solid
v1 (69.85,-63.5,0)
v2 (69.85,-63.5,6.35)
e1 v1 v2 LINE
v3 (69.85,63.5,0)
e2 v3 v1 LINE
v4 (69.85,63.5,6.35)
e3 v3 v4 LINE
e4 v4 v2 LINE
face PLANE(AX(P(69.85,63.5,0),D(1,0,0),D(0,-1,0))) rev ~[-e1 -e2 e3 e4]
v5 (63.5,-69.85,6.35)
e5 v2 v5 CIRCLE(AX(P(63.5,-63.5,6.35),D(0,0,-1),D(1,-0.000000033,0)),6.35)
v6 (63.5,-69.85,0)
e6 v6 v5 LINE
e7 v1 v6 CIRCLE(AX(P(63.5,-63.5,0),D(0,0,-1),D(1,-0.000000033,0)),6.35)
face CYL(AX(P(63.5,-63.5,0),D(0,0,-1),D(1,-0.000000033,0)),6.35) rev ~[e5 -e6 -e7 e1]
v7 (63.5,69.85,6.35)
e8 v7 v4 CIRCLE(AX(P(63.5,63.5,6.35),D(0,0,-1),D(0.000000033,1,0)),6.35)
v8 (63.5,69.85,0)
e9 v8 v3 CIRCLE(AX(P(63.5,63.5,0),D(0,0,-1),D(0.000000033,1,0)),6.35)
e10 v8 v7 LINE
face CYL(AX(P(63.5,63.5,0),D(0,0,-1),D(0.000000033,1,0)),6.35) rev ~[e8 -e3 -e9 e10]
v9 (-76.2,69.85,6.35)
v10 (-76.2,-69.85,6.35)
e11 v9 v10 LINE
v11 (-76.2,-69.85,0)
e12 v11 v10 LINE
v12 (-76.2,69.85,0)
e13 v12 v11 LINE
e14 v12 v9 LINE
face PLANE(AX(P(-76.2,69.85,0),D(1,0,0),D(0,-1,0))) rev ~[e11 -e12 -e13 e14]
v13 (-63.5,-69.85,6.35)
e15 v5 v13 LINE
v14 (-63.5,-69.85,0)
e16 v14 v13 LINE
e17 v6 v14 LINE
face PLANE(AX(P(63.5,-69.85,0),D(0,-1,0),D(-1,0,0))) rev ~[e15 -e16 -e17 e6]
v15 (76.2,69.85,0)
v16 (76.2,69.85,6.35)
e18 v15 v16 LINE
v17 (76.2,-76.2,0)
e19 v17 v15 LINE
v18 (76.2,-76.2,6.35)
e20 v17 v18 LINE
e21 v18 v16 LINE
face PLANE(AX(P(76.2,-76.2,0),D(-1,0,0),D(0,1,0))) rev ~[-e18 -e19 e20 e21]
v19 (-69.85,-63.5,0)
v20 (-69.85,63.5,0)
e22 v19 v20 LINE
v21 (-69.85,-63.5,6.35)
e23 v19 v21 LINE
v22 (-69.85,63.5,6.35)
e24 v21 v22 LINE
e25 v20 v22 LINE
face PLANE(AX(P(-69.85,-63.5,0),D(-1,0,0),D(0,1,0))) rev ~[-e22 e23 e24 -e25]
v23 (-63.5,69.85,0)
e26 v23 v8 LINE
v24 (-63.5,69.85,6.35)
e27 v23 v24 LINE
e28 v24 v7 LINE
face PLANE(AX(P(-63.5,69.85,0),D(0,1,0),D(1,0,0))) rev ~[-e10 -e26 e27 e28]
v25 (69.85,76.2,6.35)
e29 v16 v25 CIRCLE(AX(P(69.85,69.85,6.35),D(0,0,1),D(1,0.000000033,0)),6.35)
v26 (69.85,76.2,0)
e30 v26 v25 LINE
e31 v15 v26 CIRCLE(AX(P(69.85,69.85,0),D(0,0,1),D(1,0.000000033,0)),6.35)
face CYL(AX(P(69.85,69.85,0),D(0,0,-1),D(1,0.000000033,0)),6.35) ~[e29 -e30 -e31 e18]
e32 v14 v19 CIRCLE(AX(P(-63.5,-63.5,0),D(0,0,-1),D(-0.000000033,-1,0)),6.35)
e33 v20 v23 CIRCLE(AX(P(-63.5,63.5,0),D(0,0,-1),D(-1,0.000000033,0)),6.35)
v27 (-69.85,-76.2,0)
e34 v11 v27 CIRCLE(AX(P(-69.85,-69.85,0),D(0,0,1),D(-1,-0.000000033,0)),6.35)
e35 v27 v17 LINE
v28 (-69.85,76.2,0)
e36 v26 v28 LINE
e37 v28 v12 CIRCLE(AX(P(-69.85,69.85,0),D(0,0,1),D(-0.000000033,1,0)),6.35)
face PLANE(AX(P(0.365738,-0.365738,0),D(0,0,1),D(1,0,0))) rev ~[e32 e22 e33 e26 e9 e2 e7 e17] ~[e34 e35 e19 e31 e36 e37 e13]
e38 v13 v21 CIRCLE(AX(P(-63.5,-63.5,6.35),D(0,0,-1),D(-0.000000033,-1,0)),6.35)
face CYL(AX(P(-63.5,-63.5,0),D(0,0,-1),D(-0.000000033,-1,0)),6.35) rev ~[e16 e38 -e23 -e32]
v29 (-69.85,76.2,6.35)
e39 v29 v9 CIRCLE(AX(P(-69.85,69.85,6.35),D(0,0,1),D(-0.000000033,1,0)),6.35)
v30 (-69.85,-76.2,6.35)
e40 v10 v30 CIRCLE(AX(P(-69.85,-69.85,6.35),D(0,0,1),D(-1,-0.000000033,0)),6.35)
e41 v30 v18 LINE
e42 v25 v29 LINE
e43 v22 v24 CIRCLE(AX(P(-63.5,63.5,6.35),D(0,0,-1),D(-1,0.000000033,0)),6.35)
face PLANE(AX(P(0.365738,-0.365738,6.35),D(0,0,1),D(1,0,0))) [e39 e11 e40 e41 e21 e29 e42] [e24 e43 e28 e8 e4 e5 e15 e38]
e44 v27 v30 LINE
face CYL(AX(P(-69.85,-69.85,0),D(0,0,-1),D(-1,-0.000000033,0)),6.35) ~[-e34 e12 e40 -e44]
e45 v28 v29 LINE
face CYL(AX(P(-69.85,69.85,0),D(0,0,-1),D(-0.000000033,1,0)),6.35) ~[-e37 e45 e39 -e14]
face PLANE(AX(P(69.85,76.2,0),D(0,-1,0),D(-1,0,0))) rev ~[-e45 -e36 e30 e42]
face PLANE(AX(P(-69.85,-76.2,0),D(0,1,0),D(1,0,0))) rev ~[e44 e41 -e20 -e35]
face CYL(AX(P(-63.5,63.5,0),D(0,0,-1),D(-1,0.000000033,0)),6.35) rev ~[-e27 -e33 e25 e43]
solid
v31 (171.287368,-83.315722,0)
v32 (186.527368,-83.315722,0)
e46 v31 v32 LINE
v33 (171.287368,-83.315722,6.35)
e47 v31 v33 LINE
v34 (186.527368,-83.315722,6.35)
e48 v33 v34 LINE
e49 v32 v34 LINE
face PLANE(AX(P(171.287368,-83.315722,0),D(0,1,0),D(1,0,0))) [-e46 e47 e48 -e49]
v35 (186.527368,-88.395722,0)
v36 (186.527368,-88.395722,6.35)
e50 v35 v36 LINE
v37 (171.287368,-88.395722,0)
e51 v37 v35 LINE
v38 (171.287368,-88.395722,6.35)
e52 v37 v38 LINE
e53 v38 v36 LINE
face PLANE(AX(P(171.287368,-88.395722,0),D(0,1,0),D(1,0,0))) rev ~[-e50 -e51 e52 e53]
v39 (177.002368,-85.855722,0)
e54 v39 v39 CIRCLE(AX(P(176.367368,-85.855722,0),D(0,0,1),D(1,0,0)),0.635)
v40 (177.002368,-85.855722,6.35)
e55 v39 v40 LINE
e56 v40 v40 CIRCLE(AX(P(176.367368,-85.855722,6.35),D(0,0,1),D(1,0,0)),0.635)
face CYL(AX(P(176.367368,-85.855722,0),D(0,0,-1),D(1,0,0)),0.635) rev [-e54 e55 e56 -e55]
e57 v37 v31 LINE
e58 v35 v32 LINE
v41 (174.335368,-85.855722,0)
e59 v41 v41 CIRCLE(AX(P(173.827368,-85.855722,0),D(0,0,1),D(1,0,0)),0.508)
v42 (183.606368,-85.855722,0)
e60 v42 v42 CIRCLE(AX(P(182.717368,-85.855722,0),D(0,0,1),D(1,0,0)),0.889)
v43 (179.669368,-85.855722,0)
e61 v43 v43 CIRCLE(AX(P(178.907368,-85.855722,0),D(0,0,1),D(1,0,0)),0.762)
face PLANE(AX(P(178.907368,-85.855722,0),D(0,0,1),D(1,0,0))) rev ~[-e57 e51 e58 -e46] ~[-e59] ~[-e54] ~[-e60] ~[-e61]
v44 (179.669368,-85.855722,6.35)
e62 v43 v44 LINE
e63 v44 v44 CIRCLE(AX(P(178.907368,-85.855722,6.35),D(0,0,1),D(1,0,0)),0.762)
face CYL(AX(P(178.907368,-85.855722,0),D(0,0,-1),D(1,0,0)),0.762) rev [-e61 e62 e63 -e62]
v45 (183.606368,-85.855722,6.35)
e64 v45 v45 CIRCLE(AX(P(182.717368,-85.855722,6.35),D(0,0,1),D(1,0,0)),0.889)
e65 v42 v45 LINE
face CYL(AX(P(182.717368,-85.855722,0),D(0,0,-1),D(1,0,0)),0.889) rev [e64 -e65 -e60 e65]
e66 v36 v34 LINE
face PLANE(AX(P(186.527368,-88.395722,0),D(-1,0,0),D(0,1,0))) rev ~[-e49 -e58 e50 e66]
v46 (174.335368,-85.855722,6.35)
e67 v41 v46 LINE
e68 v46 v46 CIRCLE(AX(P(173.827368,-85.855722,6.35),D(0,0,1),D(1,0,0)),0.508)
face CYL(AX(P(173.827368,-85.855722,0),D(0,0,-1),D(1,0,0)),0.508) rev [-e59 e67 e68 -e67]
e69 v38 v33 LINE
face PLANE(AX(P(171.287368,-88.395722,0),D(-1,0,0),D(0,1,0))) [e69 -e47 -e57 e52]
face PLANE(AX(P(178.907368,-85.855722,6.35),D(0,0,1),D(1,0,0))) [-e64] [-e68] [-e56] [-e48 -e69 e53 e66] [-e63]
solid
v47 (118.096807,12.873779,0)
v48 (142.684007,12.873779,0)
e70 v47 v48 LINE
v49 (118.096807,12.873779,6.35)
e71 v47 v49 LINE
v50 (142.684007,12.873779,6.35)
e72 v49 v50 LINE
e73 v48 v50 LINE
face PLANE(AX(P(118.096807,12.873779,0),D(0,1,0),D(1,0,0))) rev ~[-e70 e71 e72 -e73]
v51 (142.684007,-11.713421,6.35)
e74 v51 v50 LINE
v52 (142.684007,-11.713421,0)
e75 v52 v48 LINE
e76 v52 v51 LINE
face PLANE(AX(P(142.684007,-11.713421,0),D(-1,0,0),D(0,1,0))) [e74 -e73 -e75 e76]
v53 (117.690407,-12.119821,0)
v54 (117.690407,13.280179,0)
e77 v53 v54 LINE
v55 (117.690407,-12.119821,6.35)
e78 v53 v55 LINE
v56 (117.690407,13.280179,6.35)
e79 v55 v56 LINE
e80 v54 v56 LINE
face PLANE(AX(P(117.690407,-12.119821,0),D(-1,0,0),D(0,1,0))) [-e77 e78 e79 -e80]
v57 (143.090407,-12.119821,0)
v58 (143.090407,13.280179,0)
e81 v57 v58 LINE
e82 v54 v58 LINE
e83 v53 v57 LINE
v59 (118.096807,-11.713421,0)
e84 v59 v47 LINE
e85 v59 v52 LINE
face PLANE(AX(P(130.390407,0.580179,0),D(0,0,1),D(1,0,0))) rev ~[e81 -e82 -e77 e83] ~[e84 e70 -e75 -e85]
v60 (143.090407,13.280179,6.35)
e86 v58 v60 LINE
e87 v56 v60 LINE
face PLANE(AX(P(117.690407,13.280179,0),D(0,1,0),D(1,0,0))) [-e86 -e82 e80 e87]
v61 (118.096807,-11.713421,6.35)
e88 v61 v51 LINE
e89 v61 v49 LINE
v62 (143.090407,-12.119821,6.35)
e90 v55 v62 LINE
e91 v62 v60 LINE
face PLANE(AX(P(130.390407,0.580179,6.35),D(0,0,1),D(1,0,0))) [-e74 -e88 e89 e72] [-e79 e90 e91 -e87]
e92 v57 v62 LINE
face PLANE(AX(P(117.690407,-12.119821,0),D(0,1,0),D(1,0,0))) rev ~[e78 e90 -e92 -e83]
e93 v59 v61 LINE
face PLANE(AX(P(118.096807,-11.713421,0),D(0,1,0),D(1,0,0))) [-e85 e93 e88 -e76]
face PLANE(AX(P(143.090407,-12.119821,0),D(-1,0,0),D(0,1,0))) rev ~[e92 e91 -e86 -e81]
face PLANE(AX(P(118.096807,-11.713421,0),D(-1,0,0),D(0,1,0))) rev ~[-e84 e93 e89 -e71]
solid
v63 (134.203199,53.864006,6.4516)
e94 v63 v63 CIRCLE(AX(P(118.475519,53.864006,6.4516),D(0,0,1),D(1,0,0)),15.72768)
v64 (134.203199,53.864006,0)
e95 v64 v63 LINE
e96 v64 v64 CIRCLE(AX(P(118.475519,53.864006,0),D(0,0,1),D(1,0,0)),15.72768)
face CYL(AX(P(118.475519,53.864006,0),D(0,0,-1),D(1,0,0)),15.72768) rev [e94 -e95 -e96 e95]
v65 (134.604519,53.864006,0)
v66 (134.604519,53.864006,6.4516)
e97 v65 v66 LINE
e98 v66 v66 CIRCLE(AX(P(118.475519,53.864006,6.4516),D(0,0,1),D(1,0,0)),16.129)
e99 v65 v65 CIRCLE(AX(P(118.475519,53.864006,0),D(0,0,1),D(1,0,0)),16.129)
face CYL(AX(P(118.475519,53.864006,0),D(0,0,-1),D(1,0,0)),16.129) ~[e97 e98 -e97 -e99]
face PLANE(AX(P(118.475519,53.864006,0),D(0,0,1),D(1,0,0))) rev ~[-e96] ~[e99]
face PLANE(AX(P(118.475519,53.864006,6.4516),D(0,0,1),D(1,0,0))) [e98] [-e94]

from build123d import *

# Parameters (mm, degrees)
F1_DEPTH = 6.35
F0_W     = 25.4
F0_H     = 25.4
F0_W_2   = 24.5872
F0_H_2   = 24.5872
F2_DEPTH = 6.35
F0_R     = 16.129
F0_R_2   = 15.72768
F3_DEPTH = 6.4516
F0_W_3   = 15.24
F0_H_3   = 5.08
F0_R_3   = 0.508
F0_R_4   = 0.635
F0_R_5   = 0.762
F0_R_6   = 0.889
F4_DEPTH = 6.35


with BuildPart() as f1:
    # F0 (on Top) → F1 (new body)
    with BuildSketch(Plane.XY):
        with BuildLine():
            Line((69.85, 76.2), (-69.85, 76.2))
            ThreePointArc((-69.85, 76.2), (-74.340128, 74.340128), (-76.2, 69.85))
            Line((-76.2, 69.85), (-76.2, -69.85))
            ThreePointArc((-76.2, -69.85), (-74.340128, -74.340128), (-69.85, -76.2))
            Line((-69.85, -76.2), (76.2, -76.2))
            Line((76.2, -76.2), (76.2, 69.85))
            ThreePointArc((76.2, 69.85), (74.340128, 74.340128), (69.85, 76.2))
        make_face()
        with BuildLine():
            ThreePointArc((-69.85, 63.5), (-67.990128, 67.990128), (-63.5, 69.85))
            Line((-63.5, 69.85), (63.5, 69.85))
            ThreePointArc((63.5, 69.85), (67.990128, 67.990128), (69.85, 63.5))
            Line((69.85, 63.5), (69.85, -63.5))
            ThreePointArc((69.85, -63.5), (67.990128, -67.990128), (63.5, -69.85))
            Line((63.5, -69.85), (-63.5, -69.85))
            ThreePointArc((-63.5, -69.85), (-67.990128, -67.990128), (-69.85, -63.5))
            Line((-69.85, -63.5), (-69.85, 63.5))
        make_face(mode=Mode.SUBTRACT)
    extrude(amount=F1_DEPTH)


with BuildPart() as f2:
    # F0 (on Top) → F2 (new body)
    with BuildSketch(Plane.XY):
        with Locations((130.390407, 0.580179)):
            Rectangle(F0_W, F0_H)
        with Locations((130.390407, 0.580179)):
            Rectangle(F0_W_2, F0_H_2, mode=Mode.SUBTRACT)
    extrude(amount=F2_DEPTH)


with BuildPart() as f3:
    # F0 (on Top) → F3 (new body)
    with BuildSketch(Plane.XY):
        with Locations((118.475519, 53.864006)):
            Circle(F0_R)
        with Locations((118.475519, 53.864006)):
            Circle(F0_R_2, mode=Mode.SUBTRACT)
    extrude(amount=F3_DEPTH)


with BuildPart() as f4:
    # F0 (on Top) → F4 (new body)
    with BuildSketch(Plane.XY):
        with Locations((178.907368, -85.855722)):
            Rectangle(F0_W_3, F0_H_3)
        with Locations((173.827368, -85.855722)):
            Circle(F0_R_3, mode=Mode.SUBTRACT)
        with Locations((176.367368, -85.855722)):
            Circle(F0_R_4, mode=Mode.SUBTRACT)
        with Locations((178.907368, -85.855722)):
            Circle(F0_R_5, mode=Mode.SUBTRACT)
        with Locations((182.717368, -85.855722)):
            Circle(F0_R_6, mode=Mode.SUBTRACT)
    extrude(amount=F4_DEPTH)


solid = Compound([f1.part, f2.part, f3.part, f4.part])
